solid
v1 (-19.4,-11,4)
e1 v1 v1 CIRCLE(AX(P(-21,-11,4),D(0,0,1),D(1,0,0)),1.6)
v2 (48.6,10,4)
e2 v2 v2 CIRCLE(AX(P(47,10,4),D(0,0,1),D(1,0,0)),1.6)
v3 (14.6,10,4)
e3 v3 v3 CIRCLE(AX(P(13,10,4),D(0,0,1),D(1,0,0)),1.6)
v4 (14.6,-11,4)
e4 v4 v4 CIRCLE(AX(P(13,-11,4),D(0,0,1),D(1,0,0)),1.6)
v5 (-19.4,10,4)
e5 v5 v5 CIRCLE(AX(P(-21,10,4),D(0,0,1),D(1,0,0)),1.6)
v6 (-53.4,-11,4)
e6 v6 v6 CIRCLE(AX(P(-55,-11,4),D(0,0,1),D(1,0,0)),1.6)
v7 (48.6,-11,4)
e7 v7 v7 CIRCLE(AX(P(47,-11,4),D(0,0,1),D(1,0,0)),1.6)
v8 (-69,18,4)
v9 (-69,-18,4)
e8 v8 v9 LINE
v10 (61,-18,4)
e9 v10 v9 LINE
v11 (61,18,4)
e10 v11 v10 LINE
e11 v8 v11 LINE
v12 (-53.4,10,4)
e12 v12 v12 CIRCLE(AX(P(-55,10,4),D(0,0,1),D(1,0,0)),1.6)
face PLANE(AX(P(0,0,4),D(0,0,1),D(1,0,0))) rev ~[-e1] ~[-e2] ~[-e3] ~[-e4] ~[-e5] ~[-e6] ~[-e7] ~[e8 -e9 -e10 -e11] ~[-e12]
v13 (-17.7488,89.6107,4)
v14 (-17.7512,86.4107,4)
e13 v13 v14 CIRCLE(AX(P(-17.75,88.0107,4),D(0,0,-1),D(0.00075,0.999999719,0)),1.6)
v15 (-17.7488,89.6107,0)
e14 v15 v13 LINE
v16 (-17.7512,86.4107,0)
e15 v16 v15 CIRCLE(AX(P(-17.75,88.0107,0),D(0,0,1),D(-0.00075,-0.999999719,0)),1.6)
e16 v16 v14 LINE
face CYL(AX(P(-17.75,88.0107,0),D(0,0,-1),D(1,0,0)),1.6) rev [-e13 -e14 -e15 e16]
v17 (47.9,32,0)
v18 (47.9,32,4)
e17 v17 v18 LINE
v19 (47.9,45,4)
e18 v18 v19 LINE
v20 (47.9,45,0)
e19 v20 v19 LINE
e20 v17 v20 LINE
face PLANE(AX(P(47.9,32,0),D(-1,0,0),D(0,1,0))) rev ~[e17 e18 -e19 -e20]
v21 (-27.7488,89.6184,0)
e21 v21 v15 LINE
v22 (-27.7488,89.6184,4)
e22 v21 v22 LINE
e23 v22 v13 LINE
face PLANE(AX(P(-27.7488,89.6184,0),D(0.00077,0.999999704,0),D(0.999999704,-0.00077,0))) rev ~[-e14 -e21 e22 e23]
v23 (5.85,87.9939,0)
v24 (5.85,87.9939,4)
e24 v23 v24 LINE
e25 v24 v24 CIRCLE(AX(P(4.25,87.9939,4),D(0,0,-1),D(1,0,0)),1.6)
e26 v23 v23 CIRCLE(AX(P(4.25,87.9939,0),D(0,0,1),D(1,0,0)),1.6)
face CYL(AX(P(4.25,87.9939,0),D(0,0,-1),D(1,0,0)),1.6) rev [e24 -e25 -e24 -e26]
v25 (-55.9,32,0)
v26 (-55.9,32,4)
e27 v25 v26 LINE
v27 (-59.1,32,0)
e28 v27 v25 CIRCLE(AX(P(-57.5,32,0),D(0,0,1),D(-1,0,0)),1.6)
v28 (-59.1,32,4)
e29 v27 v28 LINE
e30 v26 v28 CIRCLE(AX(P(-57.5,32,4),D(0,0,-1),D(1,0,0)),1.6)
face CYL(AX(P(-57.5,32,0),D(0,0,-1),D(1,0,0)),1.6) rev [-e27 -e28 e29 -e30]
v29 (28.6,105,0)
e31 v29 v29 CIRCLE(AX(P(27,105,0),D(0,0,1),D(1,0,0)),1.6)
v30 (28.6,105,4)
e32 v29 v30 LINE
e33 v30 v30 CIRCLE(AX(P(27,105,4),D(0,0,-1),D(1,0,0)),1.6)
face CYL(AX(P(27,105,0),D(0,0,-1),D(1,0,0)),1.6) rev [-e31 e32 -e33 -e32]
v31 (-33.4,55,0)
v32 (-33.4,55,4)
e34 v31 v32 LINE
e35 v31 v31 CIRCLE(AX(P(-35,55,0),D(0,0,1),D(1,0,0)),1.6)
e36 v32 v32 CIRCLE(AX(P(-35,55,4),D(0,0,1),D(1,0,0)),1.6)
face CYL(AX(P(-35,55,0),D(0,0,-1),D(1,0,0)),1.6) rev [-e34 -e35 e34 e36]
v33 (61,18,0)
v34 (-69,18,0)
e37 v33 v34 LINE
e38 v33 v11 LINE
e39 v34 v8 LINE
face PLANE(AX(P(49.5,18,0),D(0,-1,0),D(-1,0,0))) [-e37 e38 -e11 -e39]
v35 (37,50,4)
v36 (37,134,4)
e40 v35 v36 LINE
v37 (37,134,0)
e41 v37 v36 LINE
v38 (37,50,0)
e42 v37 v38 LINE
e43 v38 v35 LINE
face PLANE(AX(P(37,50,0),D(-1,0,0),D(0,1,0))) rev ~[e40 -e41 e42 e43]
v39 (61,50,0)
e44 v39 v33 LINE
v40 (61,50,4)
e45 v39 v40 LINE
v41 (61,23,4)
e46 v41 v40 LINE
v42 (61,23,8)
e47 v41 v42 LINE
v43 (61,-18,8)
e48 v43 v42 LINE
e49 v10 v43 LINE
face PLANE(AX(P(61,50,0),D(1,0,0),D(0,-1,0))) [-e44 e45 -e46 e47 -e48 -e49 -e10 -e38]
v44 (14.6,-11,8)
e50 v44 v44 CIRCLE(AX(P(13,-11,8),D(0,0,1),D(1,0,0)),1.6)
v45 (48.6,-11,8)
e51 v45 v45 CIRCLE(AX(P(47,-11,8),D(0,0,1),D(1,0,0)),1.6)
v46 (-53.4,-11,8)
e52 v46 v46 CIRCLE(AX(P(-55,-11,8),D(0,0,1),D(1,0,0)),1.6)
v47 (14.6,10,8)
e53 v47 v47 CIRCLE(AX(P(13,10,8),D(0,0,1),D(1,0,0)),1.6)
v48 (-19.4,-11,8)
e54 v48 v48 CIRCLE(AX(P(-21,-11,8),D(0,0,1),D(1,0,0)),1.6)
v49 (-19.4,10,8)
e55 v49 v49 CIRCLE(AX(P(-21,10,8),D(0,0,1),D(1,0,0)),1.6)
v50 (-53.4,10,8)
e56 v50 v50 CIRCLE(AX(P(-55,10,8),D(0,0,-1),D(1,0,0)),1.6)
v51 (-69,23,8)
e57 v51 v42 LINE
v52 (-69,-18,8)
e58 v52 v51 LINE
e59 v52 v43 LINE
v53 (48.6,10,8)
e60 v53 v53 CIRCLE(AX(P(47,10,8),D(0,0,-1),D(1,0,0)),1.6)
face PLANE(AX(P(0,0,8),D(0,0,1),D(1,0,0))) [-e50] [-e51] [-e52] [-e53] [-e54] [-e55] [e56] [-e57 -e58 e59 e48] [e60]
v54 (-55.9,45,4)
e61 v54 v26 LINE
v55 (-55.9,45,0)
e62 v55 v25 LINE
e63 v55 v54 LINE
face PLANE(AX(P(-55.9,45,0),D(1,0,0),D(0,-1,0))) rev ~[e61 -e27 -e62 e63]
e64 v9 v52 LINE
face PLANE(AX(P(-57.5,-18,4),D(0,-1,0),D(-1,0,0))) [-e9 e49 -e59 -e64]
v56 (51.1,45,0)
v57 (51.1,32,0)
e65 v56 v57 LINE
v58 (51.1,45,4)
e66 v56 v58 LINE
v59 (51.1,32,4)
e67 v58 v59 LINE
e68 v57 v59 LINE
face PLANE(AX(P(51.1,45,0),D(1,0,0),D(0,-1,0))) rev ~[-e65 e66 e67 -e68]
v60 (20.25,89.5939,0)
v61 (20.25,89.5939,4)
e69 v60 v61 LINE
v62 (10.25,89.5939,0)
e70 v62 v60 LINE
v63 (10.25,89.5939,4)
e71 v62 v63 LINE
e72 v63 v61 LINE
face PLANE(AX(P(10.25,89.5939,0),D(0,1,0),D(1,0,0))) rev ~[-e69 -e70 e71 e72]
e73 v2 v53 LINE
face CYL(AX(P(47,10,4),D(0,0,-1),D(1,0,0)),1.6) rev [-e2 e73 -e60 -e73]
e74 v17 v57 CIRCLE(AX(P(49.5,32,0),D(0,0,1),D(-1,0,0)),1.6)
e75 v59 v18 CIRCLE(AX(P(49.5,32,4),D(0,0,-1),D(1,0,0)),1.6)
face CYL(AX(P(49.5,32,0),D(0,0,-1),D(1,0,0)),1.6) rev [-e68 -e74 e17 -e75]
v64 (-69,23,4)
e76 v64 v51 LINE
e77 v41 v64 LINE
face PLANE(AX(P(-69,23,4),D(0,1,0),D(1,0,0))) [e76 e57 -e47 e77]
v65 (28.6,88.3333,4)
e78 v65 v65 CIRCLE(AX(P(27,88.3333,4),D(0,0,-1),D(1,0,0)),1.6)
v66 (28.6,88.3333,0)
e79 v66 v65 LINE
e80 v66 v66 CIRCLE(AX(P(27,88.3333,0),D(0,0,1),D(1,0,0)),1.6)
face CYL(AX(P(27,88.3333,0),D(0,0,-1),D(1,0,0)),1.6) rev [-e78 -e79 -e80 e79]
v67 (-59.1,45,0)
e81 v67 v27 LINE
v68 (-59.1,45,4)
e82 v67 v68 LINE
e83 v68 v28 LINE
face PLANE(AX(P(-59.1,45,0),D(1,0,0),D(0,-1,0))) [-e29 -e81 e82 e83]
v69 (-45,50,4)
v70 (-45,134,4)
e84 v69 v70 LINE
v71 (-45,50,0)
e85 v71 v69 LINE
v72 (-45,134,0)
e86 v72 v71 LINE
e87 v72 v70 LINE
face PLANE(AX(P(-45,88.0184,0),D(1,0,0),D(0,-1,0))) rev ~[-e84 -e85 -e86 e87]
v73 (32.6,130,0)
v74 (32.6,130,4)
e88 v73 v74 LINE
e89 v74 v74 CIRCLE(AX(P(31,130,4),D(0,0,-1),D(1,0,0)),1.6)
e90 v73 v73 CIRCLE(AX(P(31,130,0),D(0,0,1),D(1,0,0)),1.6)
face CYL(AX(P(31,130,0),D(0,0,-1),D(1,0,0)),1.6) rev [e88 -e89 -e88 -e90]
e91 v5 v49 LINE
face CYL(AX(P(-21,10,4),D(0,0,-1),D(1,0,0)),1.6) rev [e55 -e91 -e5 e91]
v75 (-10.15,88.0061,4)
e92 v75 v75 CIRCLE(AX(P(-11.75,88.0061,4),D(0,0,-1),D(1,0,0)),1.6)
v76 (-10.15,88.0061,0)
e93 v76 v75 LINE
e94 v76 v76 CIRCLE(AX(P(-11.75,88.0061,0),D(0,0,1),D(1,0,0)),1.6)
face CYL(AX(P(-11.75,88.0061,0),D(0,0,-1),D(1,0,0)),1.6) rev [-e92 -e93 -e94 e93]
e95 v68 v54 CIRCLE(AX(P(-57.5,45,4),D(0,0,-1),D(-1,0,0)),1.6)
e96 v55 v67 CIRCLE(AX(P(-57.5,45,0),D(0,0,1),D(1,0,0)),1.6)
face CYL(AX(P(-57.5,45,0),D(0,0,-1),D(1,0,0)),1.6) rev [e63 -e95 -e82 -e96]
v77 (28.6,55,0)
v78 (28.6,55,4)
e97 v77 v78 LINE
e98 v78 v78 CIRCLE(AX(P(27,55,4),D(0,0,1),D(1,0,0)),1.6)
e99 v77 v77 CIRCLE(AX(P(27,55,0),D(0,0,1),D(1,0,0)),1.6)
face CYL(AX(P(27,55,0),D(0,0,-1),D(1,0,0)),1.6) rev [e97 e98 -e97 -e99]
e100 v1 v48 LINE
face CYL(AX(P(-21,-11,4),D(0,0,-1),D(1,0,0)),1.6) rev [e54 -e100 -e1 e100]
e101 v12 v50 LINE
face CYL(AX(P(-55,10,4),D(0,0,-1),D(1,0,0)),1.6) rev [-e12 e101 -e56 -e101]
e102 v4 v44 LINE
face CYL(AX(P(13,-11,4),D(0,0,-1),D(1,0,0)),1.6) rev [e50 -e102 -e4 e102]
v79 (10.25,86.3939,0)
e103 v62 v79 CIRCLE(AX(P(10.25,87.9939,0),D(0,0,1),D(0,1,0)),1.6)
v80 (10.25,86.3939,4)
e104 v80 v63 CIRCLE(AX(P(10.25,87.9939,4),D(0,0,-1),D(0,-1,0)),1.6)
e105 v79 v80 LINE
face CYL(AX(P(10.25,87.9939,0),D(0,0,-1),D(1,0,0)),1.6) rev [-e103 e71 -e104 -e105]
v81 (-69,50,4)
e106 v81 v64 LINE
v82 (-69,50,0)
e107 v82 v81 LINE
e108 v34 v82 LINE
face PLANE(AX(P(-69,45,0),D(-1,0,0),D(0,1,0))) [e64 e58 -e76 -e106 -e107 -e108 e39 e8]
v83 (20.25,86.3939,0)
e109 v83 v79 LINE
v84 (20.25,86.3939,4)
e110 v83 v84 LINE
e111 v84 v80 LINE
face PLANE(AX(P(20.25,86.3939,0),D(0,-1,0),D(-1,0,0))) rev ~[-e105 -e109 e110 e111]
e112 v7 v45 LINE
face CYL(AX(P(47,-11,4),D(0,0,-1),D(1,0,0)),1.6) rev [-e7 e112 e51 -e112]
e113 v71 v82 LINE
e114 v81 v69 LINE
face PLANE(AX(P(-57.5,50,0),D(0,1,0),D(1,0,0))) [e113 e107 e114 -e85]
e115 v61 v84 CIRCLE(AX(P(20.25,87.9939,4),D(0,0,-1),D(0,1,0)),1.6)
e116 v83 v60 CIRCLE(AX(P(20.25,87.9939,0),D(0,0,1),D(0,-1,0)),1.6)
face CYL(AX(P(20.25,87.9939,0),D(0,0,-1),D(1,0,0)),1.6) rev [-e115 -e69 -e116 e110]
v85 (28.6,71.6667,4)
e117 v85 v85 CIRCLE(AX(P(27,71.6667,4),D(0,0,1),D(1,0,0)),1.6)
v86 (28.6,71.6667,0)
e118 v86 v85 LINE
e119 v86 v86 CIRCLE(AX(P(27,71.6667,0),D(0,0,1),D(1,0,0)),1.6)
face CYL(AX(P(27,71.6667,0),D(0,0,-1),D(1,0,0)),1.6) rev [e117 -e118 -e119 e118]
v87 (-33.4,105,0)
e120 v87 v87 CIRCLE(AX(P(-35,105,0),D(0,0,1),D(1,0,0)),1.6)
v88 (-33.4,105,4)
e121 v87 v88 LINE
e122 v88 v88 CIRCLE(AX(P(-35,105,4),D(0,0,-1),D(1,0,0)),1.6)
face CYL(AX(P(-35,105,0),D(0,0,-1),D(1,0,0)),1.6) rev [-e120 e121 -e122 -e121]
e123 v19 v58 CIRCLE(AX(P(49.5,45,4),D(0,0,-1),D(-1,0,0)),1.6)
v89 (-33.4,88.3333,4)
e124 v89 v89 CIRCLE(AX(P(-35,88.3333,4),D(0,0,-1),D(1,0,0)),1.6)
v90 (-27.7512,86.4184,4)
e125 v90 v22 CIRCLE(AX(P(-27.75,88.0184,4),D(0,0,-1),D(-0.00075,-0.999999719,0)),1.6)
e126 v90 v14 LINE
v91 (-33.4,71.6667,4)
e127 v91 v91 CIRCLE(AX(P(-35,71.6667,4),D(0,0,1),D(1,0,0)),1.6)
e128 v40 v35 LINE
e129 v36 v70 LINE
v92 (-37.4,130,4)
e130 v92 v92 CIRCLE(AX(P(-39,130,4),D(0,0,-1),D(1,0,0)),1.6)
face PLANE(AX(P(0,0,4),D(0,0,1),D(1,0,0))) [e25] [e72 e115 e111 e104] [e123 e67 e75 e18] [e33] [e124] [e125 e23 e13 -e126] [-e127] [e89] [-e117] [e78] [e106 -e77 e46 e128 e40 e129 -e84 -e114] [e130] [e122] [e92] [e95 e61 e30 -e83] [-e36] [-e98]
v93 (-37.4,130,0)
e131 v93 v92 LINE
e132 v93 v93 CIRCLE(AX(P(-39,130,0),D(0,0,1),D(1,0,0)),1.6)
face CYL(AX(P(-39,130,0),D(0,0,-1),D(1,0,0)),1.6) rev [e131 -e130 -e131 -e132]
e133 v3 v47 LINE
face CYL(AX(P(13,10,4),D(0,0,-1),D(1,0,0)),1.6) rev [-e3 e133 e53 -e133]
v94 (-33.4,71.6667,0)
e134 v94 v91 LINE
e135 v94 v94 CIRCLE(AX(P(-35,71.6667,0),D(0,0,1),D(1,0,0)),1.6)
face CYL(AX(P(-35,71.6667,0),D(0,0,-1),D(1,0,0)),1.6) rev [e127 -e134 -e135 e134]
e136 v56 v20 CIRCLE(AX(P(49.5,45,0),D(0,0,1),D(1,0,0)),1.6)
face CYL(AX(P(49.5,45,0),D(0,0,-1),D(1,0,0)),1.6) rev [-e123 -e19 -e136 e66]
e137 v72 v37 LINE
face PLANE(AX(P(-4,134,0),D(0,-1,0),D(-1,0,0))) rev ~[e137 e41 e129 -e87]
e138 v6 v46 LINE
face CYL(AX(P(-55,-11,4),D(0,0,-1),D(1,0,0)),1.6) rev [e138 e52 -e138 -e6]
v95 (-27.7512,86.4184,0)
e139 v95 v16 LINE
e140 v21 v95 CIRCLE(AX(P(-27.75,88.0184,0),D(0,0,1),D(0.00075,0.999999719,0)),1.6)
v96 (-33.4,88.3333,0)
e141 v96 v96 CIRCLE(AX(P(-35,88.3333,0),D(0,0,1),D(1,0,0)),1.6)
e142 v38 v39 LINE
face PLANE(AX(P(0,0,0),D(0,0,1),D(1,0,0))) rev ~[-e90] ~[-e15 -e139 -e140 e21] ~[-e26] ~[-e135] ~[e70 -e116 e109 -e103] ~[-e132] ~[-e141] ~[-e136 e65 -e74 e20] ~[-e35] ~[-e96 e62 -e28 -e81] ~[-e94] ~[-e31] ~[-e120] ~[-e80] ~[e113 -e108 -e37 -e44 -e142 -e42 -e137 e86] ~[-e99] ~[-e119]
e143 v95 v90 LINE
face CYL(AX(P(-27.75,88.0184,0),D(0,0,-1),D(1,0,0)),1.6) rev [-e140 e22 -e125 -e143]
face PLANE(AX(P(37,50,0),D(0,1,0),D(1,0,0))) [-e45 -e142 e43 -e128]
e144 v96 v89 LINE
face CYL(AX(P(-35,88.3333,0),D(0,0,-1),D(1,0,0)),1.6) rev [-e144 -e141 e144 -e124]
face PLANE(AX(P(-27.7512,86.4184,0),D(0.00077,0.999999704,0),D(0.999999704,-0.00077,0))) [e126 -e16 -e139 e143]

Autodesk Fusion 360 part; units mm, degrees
sketch "Sketch1" plane through (0, 0, 0) normal (0, 0, 1) x (1, 0, 0)
  line L0 (-45, 50) -> (37, 50)
  line L1 (37, 50) -> (37, 134)
  line L2 (37, 134) -> (-45, 134)
  line L3 (-45, 134) -> (-45, 50)
  line L4 (-69, 50) -> (61, 50)
  line L5 (61, 50) -> (61, -28)
  line L6 (61, -28) -> (-69, -28)
  line L7 (-69, -28) -> (-69, 50)
  line L8 (-30.5, -48) -> (22.5, -48)
  line L9 (22.5, -48) -> (22.5, -65)
  line L10 (22.5, -65) -> (-30.5, -65)
  line L11 (-30.5, -65) -> (-30.5, -48)
  line L12 (-60.5, -82) -> (52.5, -82)
  line L13 (52.5, -82) -> (52.5, -90)
  line L14 (52.5, -90) -> (-60.5, -90)
  line L15 (-60.5, -90) -> (-60.5, -82)
  line L16 (-30.5002, -118) -> (22.4998, -118)
  line L17 (22.4998, -118) -> (22.4998, -107)
  line L18 (22.4998, -107) -> (-30.5002, -107)
  line L19 (-30.5002, -107) -> (-30.5002, -118)
  line L20 (-44.0003, -127.9997) -> (35.9997, -127.9997)
  line L21 (35.9997, -127.9997) -> (35.9997, -132.9997)
  line L22 (35.9997, -132.9997) -> (-44.0003, -132.9997)
  line L23 (-44.0003, -132.9997) -> (-44.0003, -127.9997)
  circle A0 centre (-4.0003, -130.4997) radius 1.6
  circle A1 centre (1.9997, -130.4997) radius 1.6
  circle A2 centre (-10.0003, -130.4997) radius 1.6
  circle A3 centre (-18.0003, -130.4997) radius 1.6
  circle A4 centre (9.9997, -130.4997) radius 1.6
  line L24 (-10.0003, -128.8997) -> (-18.0003, -128.8997)
  line L25 (-10.0003, -132.0997) -> (-18.0003, -132.0997)
  line L26 (1.9997, -128.8997) -> (9.9997, -128.8997)
  line L27 (9.9997, -132.0997) -> (1.9997, -132.0997)
  line L28 (-45, 128.75) -> (-45, 134)
  line L29 (-45, 134) -> (-39.1, 134)
  line L30 (37, 134) -> (31, 134)
  line L31 (31, 134) -> (31, 130)
  line L32 (31, 130) -> (37, 130)
  line L33 (37, 130) -> (37, 134)
  line L34 (-45, 134) -> (-39, 134)
  line L35 (-39, 134) -> (-39, 130)
  line L36 (-39, 130) -> (-45, 130)
  line L37 (-45, 130) -> (-45, 134)
  circle A5 centre (-39, 130) radius 1.6
  circle A6 centre (31, 130) radius 1.6
  circle A7 centre (4.25, 87.9939) radius 1.6
  circle A8 centre (-11.75, 88.0061) radius 1.6
  line L38 (-11.75, 88.0061) -> (-17.75, 88.0107)
  circle A9 centre (-17.75, 88.0107) radius 1.6
  line L39 (4.25, 87.9939) -> (10.25, 87.9939)
  circle A10 centre (10.25, 87.9939) radius 1.6
  line L40 (10.25, 87.9939) -> (20.25, 87.9939)
  circle A11 centre (20.25, 87.9939) radius 1.6
  line L41 (-17.75, 88.0107) -> (-27.75, 88.0184)
  circle A12 centre (-27.75, 88.0184) radius 1.6
  line L42 (-27.7488, 89.6184) -> (-17.7488, 89.6107)
  line L43 (-27.7512, 86.4184) -> (-17.7512, 86.4107)
  line L44 (10.25, 89.5939) -> (20.25, 89.5939)
  line L45 (20.25, 86.3939) -> (10.25, 86.3939)
  line L46 (-69, 50) -> (-57.5, 50)
  line L47 (-57.5, 50) -> (-57.5, 45)
  line L48 (-57.5, 45) -> (-69, 45)
  line L49 (-69, 45) -> (-69, 50)
  circle A13 centre (-57.5, 45) radius 1.6
  line L50 (-57.5, 45) -> (-57.5, 32)
  circle A14 centre (-57.5, 32) radius 1.6
  line L51 (-55.9, 45.0023) -> (-55.9, 32)
  line L52 (-59.1, 45) -> (-59.1, 32)
  line L53 (61, 50) -> (49.5, 50)
  line L54 (49.5, 50) -> (49.5, 45)
  line L55 (49.5, 45) -> (61, 45)
  line L56 (61, 45) -> (61, 50)
  circle A15 centre (49.5, 45) radius 1.6
  line L57 (49.5, 45) -> (49.5, 32)
  circle A16 centre (49.5, 32) radius 1.6
  line L58 (51.1, 45) -> (51.1, 32)
  line L59 (47.9, 32) -> (47.9, 45)
  line L60 (-57.5, 45) -> (-57.5, -26)
  circle A17 centre (-57.5, -26) radius 1.6
  line L61 (49.5, 45) -> (49.5, -26)
  circle A18 centre (49.5, -26) radius 1.6
  circle A19 centre (-4, -51.9) radius 1.6
  circle A20 centre (33.037, -81.135) radius 1.6
  circle A21 centre (-41.033, -81.1414) radius 1.6
  line L62 (22.5, -48) -> (61, -28)
  line L63 (-30.5, -48) -> (-69, -28)
  line L64 (-60.5, -82) -> (-30.5, -65)
  line L65 (22.5, -65) -> (52.5, -82)
  line L66 (22.4998, -107) -> (52.5, -90)
  line L67 (-30.5002, -107) -> (-60.5, -90)
  line L68 (4.25, 87.9939) -> (-11.75, 88.0061)
  line L69 (-4, 134) -> (-3.75, 88)
  line L70 (-44.0003, -127.9997) -> (-30.5002, -118)
  line L71 (35.9997, -127.9997) -> (22.4998, -118)
  line L72 (-4.0003, -132.9997) -> (-4.0003, -138.9997)
  line L73 (-44.0003, -132.9997) -> (-4.0003, -138.9997)
  line L74 (-4.0003, -138.9997) -> (35.9997, -132.9997)
  line L75 (-4.0003, -130.4997) -> (1.9997, -130.4997)
  line L76 (-4.0003, -130.4997) -> (-10.0003, -130.4997)
  line L77 (-4, -65) -> (-4, -83)
  line L78 (-4, -83) -> (-4, -86)
  line L79 (-4, -86) -> (-56, -86)
  line L80 (-4, -86) -> (48, -86)
  circle A22 centre (48, -86) radius 1.1
  circle A23 centre (-56, -86) radius 1.1
  line L81 (20.25, 87.9939) -> (37, 87.9939)
  line L82 (-27.75, 88.0184) -> (-45, 88.0184)
  line L83 (37, 50) -> (24, 50)
  line L84 (24, 50) -> (24, 110)
  line L85 (24, 110) -> (37, 110)
  line L86 (37, 110) -> (37, 50)
  line L87 (-45, 50) -> (-32, 50)
  line L88 (-32, 50) -> (-32, 110)
  line L89 (-32, 110) -> (-45, 110)
  line L90 (-45, 110) -> (-45, 50)
  line L91 (37, 110) -> (31, 110)
  line L92 (31, 110) -> (31, 50)
  line L93 (31, 50) -> (37, 50)
  line L94 (37, 50) -> (37, 110)
  line L95 (-45, 110) -> (-39, 110)
  line L96 (-39, 110) -> (-39, 50)
  line L97 (-39, 50) -> (-45, 50)
  line L98 (-45, 50) -> (-45, 110)
  line L99 (24, 110) -> (27, 110)
  line L100 (27, 110) -> (27, 105)
  line L101 (27, 105) -> (24, 105)
  line L102 (24, 105) -> (24, 110)
  circle A24 centre (27, 105) radius 1.6
  circle A25 centre (27, 88.3333) radius 1.6
  circle A26 centre (27, 71.6667) radius 1.6
  circle A27 centre (27, 55) radius 1.6
  line L103 (-32, 110) -> (-35, 110)
  line L104 (-35, 110) -> (-35, 105)
  line L105 (-35, 105) -> (-32, 105)
  line L106 (-32, 105) -> (-32, 110)
  circle A28 centre (-35, 105) radius 1.6
  circle A29 centre (-35, 88.3333) radius 1.6
  circle A30 centre (-35, 71.6667) radius 1.6
  circle A31 centre (-35, 55) radius 1.6
  line L107 (-69, -28) -> (-49.75, -28)
  line L108 (-49.75, -28) -> (-49.75, -18)
  line L109 (-49.75, -18) -> (-69, -18)
  line L110 (-69, -18) -> (-69, -28)
  line L111 (-69, -18) -> (61, -18)
  line L112 (61, -18) -> (61, 17)
  line L113 (61, 17) -> (-69, 17)
  line L114 (-69, 17) -> (-69, -18)
  line L115 (-69, 17) -> (-55, 17)
  line L116 (-55, 17) -> (-55, 10)
  line L117 (-55, 10) -> (-69, 10)
  line L118 (-69, 10) -> (-69, 17)
  line L119 (61, 17) -> (47, 17)
  line L120 (47, 17) -> (47, 10)
  line L121 (47, 10) -> (61, 10)
  line L122 (61, 10) -> (61, 17)
  circle A32 centre (-55, 10) radius 1.6
  circle A33 centre (-21, 10) radius 1.6
  circle A34 centre (13, 10) radius 1.6
  circle A35 centre (47, 10) radius 1.6
  circle A36 centre (-55, -11) radius 1.6
  circle A37 centre (-21, -11) radius 1.6
  circle A38 centre (13, -11) radius 1.6
  circle A39 centre (47, -11) radius 1.6
  line L123 (-69, 17) -> (61, 17)
  line L124 (61, 17) -> (61, 18)
  line L125 (61, 18) -> (-69, 18)
  line L126 (-69, 18) -> (-69, 17)
  line L127 (61, 18) -> (-69, 18)
  line L128 (-69, 18) -> (-69, 23)
  line L129 (-69, 23) -> (61, 23)
  line L130 (61, 23) -> (61, 18)
  circle A40 centre (18.0038, -78.6409) radius 1.6
  circle A41 centre (18.0038, -78.6409) radius 5
  circle A42 centre (-25.9962, -78.6409) radius 5
  circle A43 centre (-25.9962, -78.6409) radius 1.6
  dimension "d1" = 82
  dimension "d2" = 84
  dimension "d3" = 78
  dimension "d4" = 130
  dimension "d6" = 17
  dimension "d11" = 113
  dimension "d12" = 8
  dimension "d15" = 11
  dimension "d16" = 53
  dimension "d20" = 80
  dimension "d21" = 5
  dimension "d25" = 3.2
  dimension "d29" = 3.2
  dimension "d31" = 3.2
  dimension "d32" = 3.2
  dimension "d35" = 3.2
  dimension "d38" = 6
  dimension "d39" = 4
  dimension "d42" = 6
  dimension "d43" = 4
  dimension "d44" = 3.2
  dimension "d45" = 3.2
  dimension "d53" = 3.2
  dimension "d54" = 3.2
  dimension "d55" = 6
  dimension "d56" = 3.2
  dimension "d58" = 6
  dimension "d59" = 3.2
  dimension "d60" = 10
  dimension "d61" = 3.2
  dimension "d62" = 10
  dimension "d63" = 3.2
  dimension "d64" = 11.5
  dimension "d65" = 3.2
  dimension "d66" = 13
  dimension "d67" = 3.2
  dimension "d68" = 11.5
  dimension "d69" = 5
  dimension "d70" = 5
  dimension "d71" = 3.2
  dimension "d72" = 13
  dimension "d73" = 3.2
  dimension "d74" = 71
  dimension "d75" = 3.2
  dimension "d77" = 71
  dimension "d78" = 3.2
  dimension "d80" = 3.2
  dimension "d83" = 3.2
  dimension "d84" = 3.2
  dimension "d90" = 53
  dimension "d92" = 46
  dimension "d93" = 16
  dimension "d95" = 6
  dimension "d99" = 6
  dimension "d100" = 6
  dimension "d101" = 8
  dimension "d102" = 8
  dimension "d108" = 52
  dimension "d109" = 52
  dimension "d110" = 2.2
  dimension "d111" = 2.2
  dimension "d112" = 13
  dimension "d113" = 60
  dimension "d114" = 13
  dimension "d115" = 60
  dimension "d116" = 60
  dimension "d117" = 6
  dimension "d118" = 60
  dimension "d119" = 3
  dimension "d120" = 5
  dimension "d121" = 3.2
  dimension "d124" = 0
  dimension "d125" = -50
  dimension "d126" = 3
  dimension "d127" = 5
  dimension "d128" = 3.2
  dimension "d131" = 0
  dimension "d132" = -50
  dimension "d133" = 10
  dimension "d134" = 35
  dimension "d135" = 14
  dimension "d136" = 7
  dimension "d137" = 14
  dimension "d138" = 7
  dimension "d139" = 3.2
  dimension "d142" = 102
  dimension "d143" = -21
  dimension "d144" = 1
  dimension "d145" = 130
  dimension "d146" = 5
  dimension "d154" = 3.2
  dimension "d155" = 10
  dimension "d156" = 3.2
  dimension "d157" = 10
extrude "Extrude2" add sketch "Sketch1" along normal blind 4 contours L0 L3 L4 L82 L87 L90 L96 L97 L98 | L0 L4 L47 A13 A14 L51 L54 A15 A16 L59 L60 L61 L83 L87 L93 L97 L129 | L0 L4 L82 L87 L88 L96 A29 | L3 L82 L89 L90 L95 L96 L98 | L4 L7 L46 L47 L48 L49 A13 | L0 L4 A7 A8 L38 A9 L39 A10 A11 A12 L43 L45 L68 L81 L82 L84 L88 | L82 L88 L89 L96 L104 L105 A28 A29 | L2 L3 L28 L35 L36 A5 A8 L38 A9 A12 L42 L68 L69 L82 L88 L89 L95 L103 L106 | L0 L4 L81 L83 L84 L92 A25 | L7 L48 A14 L52 L60 L129 | L0 L1 L4 L81 L83 L86 L92 L93 L94 | L81 L84 L85 L92 L100 L101 A24 A25 | L1 L2 L31 L32 A6 A7 L39 A10 A11 L44 L68 L69 L81 L84 L85 L91 L99 L102 | L88 L89 L103 L104 L105 L106 A28 | L2 L3 L28 L29 L34 L35 L36 L37 A5 | L7 L60 L125 L127 L128 L129 | L1 L81 L85 L86 L91 L92 L94 | L84 L85 L99 L100 L101 L102 A24 | L60 L61 L125 L127 L129 | L4 L5 L53 L54 L55 L56 A15 | L5 L61 L125 L127 L129 L130 | L5 L55 A16 L58 L61 L129 | L1 L2 L30 L31 L32 L33 A6
extrude "Extrude3" add sketch "Sketch1" along normal blind 4 from surface at 4 contours L7 L60 L125 L127 L128 L129 | L7 L60 L113 L115 L123 L125 L126 L127 | L60 L61 L125 L127 L129 | L7 L60 L113 L114 L115 L117 L118 L123 | L60 L61 L113 L115 L119 L123 L125 L127 | L5 L61 L125 L127 L129 L130 | L7 L60 L109 L111 L114 L117 | L60 L113 L115 L116 L117 A32 L123 | L5 L61 L113 L119 L123 L124 L125 L127 | L60 L61 L109 L111 L113 L116 L117 L120 L121 A32 A35 L123 | L5 L61 L112 L113 L119 L121 L122 L123 | L61 L113 L119 L120 L121 A35 L123 | L5 L61 L111 L112 L121
extrude "Extrude4" [suppressed]
equation "d108 = ( 104 / 2 ) * 1 mm"
equation "d109 = ( 104 / 2 ) * 1 mm"
